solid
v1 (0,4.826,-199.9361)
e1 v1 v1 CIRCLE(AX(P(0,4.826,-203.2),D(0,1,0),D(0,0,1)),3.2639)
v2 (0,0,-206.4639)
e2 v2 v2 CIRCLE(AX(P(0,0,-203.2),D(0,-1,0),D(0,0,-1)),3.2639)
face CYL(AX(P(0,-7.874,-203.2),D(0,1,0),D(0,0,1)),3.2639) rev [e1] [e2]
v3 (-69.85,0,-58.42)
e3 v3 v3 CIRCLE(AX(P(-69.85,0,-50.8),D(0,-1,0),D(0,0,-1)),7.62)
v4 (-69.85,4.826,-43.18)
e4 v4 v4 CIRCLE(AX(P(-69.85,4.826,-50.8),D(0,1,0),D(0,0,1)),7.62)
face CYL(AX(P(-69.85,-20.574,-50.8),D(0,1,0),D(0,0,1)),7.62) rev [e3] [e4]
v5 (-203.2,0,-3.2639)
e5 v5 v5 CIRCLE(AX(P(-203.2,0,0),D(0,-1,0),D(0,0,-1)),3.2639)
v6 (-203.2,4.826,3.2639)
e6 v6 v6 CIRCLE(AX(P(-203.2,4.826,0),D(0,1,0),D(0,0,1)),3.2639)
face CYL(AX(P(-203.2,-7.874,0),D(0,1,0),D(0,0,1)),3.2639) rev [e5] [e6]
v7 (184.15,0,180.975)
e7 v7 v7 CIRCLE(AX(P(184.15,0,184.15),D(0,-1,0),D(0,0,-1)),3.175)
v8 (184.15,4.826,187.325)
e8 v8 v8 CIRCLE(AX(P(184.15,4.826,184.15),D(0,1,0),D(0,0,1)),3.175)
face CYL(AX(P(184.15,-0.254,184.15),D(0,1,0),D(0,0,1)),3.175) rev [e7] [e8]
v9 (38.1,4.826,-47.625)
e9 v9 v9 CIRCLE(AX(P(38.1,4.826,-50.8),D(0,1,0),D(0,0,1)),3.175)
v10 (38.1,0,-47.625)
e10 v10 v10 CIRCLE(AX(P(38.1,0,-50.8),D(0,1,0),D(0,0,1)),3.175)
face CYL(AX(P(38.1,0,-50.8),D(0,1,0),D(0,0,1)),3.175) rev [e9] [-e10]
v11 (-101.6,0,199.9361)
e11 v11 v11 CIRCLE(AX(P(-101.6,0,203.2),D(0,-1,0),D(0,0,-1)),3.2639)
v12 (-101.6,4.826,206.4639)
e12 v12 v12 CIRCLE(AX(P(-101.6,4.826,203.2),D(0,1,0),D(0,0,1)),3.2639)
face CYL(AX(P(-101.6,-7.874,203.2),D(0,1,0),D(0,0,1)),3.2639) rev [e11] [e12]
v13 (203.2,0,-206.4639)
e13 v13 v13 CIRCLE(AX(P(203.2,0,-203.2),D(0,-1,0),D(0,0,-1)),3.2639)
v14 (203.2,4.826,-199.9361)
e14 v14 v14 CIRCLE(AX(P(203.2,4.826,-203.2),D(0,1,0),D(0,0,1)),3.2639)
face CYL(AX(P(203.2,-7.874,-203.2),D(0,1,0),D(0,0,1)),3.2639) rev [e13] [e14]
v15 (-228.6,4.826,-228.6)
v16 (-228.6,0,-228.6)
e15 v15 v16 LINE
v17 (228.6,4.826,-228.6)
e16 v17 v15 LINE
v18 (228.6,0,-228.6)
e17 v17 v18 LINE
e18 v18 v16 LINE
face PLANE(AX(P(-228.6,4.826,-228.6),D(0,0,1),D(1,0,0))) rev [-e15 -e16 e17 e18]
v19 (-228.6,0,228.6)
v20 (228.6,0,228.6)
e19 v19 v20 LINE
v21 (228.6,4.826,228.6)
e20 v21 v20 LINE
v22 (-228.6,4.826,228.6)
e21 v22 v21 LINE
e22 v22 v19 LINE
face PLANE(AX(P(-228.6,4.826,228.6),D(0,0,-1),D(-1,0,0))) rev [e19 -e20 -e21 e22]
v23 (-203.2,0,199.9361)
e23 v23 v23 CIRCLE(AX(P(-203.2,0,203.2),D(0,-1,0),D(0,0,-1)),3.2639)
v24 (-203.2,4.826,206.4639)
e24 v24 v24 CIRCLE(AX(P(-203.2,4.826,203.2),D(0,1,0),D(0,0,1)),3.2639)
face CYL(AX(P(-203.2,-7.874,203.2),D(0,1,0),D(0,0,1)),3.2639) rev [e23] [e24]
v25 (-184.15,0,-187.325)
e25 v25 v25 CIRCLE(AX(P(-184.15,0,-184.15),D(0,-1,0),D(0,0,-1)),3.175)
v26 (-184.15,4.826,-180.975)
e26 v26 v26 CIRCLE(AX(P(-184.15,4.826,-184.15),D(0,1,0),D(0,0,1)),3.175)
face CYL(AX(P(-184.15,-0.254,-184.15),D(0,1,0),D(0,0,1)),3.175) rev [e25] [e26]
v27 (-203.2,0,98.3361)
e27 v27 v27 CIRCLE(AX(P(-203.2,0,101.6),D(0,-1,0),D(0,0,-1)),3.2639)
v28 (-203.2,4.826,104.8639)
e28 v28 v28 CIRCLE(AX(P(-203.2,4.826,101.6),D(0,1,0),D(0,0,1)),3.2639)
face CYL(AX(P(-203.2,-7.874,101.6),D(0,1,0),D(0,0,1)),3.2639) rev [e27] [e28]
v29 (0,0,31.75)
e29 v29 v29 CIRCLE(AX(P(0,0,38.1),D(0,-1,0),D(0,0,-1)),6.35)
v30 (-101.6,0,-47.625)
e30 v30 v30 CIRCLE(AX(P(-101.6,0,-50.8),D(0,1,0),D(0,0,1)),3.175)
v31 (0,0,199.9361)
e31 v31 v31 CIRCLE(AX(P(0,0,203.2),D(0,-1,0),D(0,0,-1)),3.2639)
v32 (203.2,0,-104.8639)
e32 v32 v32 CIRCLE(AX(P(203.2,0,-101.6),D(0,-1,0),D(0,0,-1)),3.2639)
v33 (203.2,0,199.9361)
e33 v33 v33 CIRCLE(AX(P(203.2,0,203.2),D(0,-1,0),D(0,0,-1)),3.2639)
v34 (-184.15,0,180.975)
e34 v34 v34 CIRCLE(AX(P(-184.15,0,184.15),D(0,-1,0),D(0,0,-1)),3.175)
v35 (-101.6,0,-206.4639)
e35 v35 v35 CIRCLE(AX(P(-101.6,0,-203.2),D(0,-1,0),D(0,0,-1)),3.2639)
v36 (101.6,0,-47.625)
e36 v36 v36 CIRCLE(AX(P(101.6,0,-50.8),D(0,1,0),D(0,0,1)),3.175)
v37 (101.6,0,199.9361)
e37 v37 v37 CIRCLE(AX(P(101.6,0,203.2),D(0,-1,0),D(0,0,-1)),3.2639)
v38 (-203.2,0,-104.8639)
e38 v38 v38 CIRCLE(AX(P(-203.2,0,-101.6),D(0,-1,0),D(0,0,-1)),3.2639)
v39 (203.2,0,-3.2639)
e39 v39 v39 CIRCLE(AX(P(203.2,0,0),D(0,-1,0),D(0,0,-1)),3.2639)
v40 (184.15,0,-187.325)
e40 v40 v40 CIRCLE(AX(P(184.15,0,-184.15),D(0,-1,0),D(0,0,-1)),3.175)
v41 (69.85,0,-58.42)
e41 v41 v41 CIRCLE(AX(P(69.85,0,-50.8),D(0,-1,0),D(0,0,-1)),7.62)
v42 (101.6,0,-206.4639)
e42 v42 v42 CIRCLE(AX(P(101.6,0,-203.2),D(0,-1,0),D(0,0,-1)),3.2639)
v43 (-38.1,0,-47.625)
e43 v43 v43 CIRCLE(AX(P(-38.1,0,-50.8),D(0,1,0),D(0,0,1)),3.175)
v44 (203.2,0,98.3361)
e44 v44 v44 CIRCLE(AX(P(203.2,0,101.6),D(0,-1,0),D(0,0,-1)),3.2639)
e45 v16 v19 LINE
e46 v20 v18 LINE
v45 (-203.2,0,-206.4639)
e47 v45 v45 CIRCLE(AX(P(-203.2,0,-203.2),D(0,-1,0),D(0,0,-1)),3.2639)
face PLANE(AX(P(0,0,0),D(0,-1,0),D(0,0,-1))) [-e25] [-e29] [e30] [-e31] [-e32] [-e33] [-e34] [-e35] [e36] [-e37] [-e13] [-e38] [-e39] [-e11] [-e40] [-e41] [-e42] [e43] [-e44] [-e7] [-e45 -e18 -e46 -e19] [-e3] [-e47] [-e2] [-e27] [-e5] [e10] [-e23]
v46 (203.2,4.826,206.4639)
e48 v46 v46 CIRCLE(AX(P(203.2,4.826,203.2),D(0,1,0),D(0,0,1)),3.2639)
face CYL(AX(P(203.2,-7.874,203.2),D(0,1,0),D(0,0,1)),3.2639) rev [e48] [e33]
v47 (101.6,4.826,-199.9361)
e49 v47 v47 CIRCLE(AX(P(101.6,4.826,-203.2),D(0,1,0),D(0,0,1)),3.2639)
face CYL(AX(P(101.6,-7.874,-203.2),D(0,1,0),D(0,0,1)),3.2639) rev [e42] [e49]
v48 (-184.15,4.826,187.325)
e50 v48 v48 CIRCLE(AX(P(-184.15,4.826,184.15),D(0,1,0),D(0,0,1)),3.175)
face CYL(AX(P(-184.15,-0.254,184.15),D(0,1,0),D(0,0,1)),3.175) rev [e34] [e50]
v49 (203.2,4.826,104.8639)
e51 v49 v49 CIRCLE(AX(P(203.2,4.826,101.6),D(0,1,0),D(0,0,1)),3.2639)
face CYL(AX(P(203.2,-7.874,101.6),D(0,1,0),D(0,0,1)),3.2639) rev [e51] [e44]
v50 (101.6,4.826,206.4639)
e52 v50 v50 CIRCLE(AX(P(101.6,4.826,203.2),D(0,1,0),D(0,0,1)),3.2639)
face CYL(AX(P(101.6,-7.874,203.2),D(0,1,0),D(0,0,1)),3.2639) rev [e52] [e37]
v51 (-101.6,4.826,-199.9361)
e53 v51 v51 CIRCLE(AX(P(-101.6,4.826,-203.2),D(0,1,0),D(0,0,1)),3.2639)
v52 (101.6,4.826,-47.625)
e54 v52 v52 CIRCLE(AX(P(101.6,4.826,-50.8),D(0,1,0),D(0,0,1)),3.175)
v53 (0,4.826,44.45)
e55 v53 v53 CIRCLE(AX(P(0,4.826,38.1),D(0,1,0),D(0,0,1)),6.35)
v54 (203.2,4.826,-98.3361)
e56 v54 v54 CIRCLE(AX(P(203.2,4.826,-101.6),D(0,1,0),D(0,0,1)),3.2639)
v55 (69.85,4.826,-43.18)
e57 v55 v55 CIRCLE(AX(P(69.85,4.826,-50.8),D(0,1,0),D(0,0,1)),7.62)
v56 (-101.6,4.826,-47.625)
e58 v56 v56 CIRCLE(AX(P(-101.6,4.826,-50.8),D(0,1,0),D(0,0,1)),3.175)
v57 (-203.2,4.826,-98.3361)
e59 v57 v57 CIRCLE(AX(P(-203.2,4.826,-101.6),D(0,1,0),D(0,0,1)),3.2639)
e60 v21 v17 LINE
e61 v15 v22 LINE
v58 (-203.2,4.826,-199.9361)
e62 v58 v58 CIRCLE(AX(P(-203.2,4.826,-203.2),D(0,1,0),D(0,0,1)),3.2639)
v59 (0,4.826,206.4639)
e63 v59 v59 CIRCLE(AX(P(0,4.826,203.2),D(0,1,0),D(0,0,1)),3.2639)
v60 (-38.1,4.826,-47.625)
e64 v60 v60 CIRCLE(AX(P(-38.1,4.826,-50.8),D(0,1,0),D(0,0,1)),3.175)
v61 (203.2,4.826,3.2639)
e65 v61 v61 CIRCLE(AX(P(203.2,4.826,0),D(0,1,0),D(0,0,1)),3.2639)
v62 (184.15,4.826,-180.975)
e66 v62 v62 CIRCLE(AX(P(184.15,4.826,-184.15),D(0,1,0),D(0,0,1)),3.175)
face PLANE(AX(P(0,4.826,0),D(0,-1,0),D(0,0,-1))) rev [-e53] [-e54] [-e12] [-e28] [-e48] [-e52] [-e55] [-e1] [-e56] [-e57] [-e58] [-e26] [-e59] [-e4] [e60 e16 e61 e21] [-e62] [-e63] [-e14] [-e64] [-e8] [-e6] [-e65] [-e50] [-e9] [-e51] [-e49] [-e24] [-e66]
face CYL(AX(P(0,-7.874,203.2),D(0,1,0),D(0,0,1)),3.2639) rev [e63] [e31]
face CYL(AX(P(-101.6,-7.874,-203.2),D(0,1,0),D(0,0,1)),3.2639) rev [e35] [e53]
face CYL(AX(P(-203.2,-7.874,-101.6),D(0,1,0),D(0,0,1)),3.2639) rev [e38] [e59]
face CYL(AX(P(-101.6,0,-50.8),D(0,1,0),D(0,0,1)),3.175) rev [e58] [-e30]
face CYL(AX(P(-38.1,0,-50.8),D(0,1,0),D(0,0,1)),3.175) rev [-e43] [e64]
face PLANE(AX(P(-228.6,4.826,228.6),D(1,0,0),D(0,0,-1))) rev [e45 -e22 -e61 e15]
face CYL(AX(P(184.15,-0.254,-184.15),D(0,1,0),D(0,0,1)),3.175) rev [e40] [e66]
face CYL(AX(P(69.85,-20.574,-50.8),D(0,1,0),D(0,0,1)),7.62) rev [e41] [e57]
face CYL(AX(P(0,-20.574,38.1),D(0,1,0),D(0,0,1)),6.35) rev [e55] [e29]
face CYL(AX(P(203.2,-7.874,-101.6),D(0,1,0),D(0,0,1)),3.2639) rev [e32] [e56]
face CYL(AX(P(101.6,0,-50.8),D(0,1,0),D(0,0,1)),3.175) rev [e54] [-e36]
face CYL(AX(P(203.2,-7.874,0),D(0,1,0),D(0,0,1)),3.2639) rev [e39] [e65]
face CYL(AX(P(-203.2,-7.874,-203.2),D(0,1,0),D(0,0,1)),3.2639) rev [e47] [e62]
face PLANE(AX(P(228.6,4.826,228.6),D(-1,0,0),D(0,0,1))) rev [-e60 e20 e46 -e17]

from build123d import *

# Parameters (mm, degrees)
SKETCH1_W           = 457.2
SKETCH1_H           = 457.2
BOSS_EXTRUDE1_DEPTH = 4.826
SKETCH2_R           = 7.62
SKETCH2_R_2         = 6.35
CUT_EXTRUDE1_DEPTH  = 25.4
SKETCH4_R           = 3.175
CUT_EXTRUDE2_DEPTH  = 5.08
SKETCH6_R           = 3.2639
CUT_EXTRUDE3_DEPTH  = 12.7
SKETCH8_R           = 3.175
CUT_EXTRUDE5_DEPTH  = 5.826


with BuildPart() as part:
    # Sketch1 → Boss-Extrude1 (new body)
    with BuildSketch(Plane(origin=(0, 0, 0), x_dir=(1, 0, 0), z_dir=(0, 1, 0))):
        Rectangle(SKETCH1_W, SKETCH1_H)
    extrude(amount=BOSS_EXTRUDE1_DEPTH)

    # Sketch2 → Cut-Extrude1 (cut)
    with BuildSketch(Plane(origin=(0, 4.826, 0), x_dir=(1, 0, 0), z_dir=(0, 1, 0))):
        with Locations((69.85, 50.8)):
            Circle(SKETCH2_R)
        with Locations((-69.85, 50.8)):
            Circle(SKETCH2_R)
        with Locations((0, -38.1)):
            Circle(SKETCH2_R_2)
    extrude(amount=-CUT_EXTRUDE1_DEPTH, mode=Mode.SUBTRACT)

    # Sketch4 → Cut-Extrude2 (cut)
    with BuildSketch(Plane(origin=(0, 4.826, 0), x_dir=(1, 0, 0), z_dir=(0, 1, 0))):
        with Locations((-184.15, 184.15)):
            Circle(SKETCH4_R)
        with Locations((184.15, 184.15)):
            Circle(SKETCH4_R)
        with Locations((184.15, -184.15)):
            Circle(SKETCH4_R)
        with Locations((-184.15, -184.15)):
            Circle(SKETCH4_R)
    extrude(amount=-CUT_EXTRUDE2_DEPTH, mode=Mode.SUBTRACT)

    # Sketch6 → Cut-Extrude3 (cut)
    with BuildSketch(Plane(origin=(0, 4.826, 0), x_dir=(1, 0, 0), z_dir=(0, 1, 0))):
        with Locations((203.2, -203.2)):
            Circle(SKETCH6_R)
        with Locations((-203.2, 203.2)):
            Circle(SKETCH6_R)
        with Locations((203.2, -101.6)):
            Circle(SKETCH6_R)
        with Locations((203.2, 0)):
            Circle(SKETCH6_R)
        with Locations((203.2, 101.6)):
            Circle(SKETCH6_R)
        with Locations((203.2, 203.2)):
            Circle(SKETCH6_R)
        with Locations((101.6, -203.2)):
            Circle(SKETCH6_R)
        with Locations((0, -203.2)):
            Circle(SKETCH6_R)
        with Locations((-101.6, -203.2)):
            Circle(SKETCH6_R)
        with Locations((-203.2, -203.2)):
            Circle(SKETCH6_R)
        with Locations((304.8, -203.2)):
            Circle(SKETCH6_R)
        with Locations((-101.6, 203.2)):
            Circle(SKETCH6_R)
        with Locations((406.4, -203.2)):
            Circle(SKETCH6_R)
        with Locations((0, 203.2)):
            Circle(SKETCH6_R)
        with Locations((508, -203.2)):
            Circle(SKETCH6_R)
        with Locations((101.6, 203.2)):
            Circle(SKETCH6_R)
        with Locations((203.2, -304.8)):
            Circle(SKETCH6_R)
        with Locations((-203.2, 101.6)):
            Circle(SKETCH6_R)
        with Locations((203.2, -406.4)):
            Circle(SKETCH6_R)
        with Locations((-203.2, 0)):
            Circle(SKETCH6_R)
        with Locations((203.2, -508)):
            Circle(SKETCH6_R)
        with Locations((-203.2, -101.6)):
            Circle(SKETCH6_R)
    extrude(amount=-CUT_EXTRUDE3_DEPTH, mode=Mode.SUBTRACT)

    # Sketch8 → Cut-Extrude5 (cut, through all)
    with BuildSketch(Plane(origin=(0, 4.826, 0), x_dir=(1, 0, 0), z_dir=(0, 1, 0))):
        with Locations((-101.6, 50.8)):
            Circle(SKETCH8_R)
        with Locations((-38.1, 50.8)):
            Circle(SKETCH8_R)
        with Locations((38.1, 50.8)):
            Circle(SKETCH8_R)
        with Locations((101.6, 50.8)):
            Circle(SKETCH8_R)
    extrude(amount=-CUT_EXTRUDE5_DEPTH, mode=Mode.SUBTRACT)


solid = part.part
